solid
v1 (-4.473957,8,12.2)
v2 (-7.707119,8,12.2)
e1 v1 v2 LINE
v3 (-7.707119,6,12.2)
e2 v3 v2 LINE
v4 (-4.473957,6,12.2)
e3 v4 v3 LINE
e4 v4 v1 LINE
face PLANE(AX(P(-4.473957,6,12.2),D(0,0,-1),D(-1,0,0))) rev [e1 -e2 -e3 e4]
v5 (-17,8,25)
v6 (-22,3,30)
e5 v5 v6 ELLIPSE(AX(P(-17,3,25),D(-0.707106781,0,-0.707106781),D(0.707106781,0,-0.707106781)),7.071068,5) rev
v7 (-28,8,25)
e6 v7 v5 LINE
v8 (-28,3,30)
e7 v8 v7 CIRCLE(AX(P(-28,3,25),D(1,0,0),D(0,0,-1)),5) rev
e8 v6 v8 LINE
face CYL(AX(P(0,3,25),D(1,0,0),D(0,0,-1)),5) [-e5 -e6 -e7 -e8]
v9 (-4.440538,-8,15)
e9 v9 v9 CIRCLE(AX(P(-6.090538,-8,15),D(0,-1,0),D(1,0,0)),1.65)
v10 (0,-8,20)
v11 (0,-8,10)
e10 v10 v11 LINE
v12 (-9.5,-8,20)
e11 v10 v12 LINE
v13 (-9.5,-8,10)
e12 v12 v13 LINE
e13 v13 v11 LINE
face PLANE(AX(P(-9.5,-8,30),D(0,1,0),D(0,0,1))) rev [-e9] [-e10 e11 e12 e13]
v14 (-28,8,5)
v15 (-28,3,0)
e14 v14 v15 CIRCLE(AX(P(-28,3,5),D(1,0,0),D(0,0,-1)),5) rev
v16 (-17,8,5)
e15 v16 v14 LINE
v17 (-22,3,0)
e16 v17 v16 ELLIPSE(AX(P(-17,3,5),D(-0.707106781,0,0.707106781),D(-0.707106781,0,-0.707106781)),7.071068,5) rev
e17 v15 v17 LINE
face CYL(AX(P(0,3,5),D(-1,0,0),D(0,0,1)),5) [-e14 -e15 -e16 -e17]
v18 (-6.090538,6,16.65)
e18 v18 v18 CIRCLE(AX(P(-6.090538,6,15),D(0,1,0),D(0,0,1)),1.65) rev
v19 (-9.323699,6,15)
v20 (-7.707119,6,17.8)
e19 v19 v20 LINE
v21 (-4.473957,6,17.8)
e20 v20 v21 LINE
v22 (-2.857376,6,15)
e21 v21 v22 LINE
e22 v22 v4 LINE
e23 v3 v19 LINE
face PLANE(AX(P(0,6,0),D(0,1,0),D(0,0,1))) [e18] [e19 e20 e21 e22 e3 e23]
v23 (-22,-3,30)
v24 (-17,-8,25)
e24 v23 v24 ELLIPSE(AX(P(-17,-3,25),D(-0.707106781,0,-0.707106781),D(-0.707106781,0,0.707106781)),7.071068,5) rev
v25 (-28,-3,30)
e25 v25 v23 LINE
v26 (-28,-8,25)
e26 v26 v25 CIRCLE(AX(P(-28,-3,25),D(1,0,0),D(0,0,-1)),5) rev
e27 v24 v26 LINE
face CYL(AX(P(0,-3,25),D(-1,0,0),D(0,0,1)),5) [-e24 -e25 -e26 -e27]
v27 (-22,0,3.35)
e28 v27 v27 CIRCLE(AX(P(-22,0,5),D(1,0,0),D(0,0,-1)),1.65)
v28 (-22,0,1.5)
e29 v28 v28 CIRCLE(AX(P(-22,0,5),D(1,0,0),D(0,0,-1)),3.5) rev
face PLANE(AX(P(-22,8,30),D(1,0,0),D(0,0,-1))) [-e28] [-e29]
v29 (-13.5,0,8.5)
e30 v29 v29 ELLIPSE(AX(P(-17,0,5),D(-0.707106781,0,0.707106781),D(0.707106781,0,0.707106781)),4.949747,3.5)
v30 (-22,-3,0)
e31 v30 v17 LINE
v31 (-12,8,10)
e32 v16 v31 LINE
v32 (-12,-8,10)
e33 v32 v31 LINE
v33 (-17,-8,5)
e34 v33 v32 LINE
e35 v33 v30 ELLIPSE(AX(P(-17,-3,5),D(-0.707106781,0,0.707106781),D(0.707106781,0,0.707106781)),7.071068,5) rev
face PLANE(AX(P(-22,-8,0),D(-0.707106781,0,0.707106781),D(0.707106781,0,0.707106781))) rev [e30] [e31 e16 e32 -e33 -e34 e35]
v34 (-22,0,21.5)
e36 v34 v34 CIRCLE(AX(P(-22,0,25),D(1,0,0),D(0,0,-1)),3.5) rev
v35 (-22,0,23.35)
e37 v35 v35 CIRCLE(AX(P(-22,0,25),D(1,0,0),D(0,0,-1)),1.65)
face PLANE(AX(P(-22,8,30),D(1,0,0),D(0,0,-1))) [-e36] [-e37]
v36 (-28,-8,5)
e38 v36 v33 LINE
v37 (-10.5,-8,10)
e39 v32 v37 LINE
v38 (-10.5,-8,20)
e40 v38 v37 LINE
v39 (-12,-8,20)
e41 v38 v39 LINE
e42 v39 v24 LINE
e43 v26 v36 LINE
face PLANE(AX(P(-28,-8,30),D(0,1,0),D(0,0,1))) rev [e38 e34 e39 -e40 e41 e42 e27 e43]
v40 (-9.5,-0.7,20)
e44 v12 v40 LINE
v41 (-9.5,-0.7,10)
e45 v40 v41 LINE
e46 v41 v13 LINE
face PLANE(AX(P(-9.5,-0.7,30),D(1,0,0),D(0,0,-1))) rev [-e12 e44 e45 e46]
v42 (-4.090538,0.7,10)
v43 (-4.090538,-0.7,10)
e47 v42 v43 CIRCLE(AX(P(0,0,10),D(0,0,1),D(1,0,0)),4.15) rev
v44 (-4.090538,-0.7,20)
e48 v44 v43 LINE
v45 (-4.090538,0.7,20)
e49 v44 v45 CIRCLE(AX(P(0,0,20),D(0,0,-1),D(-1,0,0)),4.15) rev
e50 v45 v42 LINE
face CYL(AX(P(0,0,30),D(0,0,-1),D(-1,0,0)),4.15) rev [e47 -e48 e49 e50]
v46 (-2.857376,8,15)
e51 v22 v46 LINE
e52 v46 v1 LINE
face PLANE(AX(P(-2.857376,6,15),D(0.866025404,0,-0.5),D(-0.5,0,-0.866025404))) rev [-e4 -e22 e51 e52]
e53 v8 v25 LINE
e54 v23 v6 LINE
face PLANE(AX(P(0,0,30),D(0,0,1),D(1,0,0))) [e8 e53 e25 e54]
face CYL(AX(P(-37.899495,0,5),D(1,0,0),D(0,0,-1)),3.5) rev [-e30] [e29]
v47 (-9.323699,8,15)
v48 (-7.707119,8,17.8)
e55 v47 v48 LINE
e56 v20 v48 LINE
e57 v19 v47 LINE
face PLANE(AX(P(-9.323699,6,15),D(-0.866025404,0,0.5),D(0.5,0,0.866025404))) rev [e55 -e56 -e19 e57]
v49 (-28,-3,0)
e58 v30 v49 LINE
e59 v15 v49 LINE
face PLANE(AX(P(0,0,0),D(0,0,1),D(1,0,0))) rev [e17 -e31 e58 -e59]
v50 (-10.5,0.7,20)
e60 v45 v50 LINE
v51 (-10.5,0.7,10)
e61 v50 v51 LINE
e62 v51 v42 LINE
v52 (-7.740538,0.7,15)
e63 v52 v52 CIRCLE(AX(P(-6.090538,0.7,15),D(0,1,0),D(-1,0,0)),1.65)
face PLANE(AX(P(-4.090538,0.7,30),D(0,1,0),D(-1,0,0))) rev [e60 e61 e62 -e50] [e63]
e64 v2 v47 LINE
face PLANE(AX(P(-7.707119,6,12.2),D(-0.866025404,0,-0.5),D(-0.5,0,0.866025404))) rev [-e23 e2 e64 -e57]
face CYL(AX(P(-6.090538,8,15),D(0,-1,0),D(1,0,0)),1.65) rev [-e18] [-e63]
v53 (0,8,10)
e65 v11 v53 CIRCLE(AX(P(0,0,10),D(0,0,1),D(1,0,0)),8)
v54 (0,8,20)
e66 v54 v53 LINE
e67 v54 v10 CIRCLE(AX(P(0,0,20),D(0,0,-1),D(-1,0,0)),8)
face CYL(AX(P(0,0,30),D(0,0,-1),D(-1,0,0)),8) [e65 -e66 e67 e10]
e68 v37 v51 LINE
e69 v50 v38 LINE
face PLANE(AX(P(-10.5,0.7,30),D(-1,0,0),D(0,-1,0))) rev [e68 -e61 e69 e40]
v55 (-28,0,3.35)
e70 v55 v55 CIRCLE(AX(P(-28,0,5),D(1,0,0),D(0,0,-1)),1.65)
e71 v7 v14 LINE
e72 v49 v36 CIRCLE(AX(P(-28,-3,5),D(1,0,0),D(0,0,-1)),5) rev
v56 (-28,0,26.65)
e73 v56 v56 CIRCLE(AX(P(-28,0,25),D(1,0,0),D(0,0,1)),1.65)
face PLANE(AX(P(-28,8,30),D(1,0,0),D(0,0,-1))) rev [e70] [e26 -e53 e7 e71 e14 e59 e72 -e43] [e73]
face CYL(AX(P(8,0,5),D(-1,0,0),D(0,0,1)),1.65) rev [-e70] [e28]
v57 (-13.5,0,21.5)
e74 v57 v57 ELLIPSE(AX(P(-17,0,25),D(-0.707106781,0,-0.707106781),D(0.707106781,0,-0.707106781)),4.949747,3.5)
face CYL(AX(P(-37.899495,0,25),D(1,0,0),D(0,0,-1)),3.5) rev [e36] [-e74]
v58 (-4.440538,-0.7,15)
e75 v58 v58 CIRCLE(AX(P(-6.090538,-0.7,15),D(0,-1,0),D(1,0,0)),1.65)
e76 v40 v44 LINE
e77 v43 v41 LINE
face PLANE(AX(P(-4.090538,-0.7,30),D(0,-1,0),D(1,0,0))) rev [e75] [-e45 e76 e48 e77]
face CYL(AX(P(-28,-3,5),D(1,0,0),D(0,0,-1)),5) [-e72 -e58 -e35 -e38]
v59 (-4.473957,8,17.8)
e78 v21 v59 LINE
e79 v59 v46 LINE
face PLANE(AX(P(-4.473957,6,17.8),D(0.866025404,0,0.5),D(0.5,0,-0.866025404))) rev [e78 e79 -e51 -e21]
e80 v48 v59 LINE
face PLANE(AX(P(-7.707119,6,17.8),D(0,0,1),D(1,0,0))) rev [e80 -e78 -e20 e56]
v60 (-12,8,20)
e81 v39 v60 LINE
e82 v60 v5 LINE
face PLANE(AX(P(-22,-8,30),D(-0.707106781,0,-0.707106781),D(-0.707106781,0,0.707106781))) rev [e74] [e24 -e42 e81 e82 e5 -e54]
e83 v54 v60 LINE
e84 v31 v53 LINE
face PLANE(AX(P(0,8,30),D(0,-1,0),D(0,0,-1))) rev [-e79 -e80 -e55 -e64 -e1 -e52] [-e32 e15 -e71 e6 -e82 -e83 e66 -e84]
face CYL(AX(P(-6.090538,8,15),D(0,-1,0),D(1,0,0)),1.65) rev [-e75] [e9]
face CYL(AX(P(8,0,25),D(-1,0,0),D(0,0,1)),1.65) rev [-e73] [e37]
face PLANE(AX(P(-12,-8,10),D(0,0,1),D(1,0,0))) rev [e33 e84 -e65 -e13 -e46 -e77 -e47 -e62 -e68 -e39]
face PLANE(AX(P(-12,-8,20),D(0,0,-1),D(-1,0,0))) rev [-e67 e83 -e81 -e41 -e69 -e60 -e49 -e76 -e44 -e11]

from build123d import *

# Parameters (mm, degrees)
RESSALTO_EXTRUS_O1_DEPTH   = 30
CORTE_EXTRUS_O6_DEPTH      = 17
ESBO_O6_R                  = 1.65
CORTE_EXTRUS_O4_DEPTH      = 9.7
CORTE_EXTRUS_O4_DEPTH_BACK = 8.3
CORTE_EXTRUS_O5_DEPTH      = 2
ESBO_O9_R                  = 1.65
CORTE_EXTRUS_O7_DEPTH      = 37
FILETE1_R                  = 5
ESBO_O10_R                 = 3.5
CORTE_EXTRUS_O8_DEPTH      = 22


with BuildPart() as part:
    # Esboço2 → Ressalto-extrusão1 (new body)
    with BuildSketch(Plane.XY):
        with BuildLine():
            Line((0, 8), (-28, 8))
            Line((-28, 8), (-28, -8))
            Line((-28, -8), (-10.5, -8))
            Line((-10.5, -8), (-10.5, 0.7))
            Line((-10.5, 0.7), (-4.090537862, 0.7))
            ThreePointArc((-4.090537862, 0.7), (4.15, 0), (-4.090537862, -0.7))
            Line((-4.090537862, -0.7), (-9.5, -0.7))
            Line((-9.5, -0.7), (-9.5, -8))
            Line((-9.5, -8), (0, -8))
            ThreePointArc((0, -8), (8, 0), (0, 8))
        make_face()
    extrude(amount=RESSALTO_EXTRUS_O1_DEPTH)

    # Esboço8 → Corte-extrusão6 (cut, through all)
    with BuildSketch(Plane(origin=(0, 8, 0), x_dir=(1, 0, 0), z_dir=(0, 1, 0))):
        Polygon((-22, -30), (-12, -20), (8, -20), (8, -30), align=None)
        Polygon((8, 0), (-22, 0), (-12, -10), (8, -10), align=None)
    extrude(amount=-CORTE_EXTRUS_O6_DEPTH, mode=Mode.SUBTRACT)

    # Esboço6 → Corte-extrusão4 (cut, two sides)
    with BuildSketch(Plane.XZ.offset(-0.7)) as corte_extrus_o4_sk:
        with Locations((-6.090537862, 15)):
            Circle(ESBO_O6_R)
    extrude(amount=CORTE_EXTRUS_O4_DEPTH, mode=Mode.SUBTRACT)
    extrude(corte_extrus_o4_sk.sketch, amount=-CORTE_EXTRUS_O4_DEPTH_BACK, mode=Mode.SUBTRACT)

    # Esboço7 → Corte-extrusão5 (cut)
    with BuildSketch(Plane(origin=(0, 8, 0), x_dir=(1, 0, 0), z_dir=(0, 1, 0))):
        Polygon((-2.857376354, -15), (-4.473957108, -12.2), (-7.707118616, -12.2), (-9.323699369, -15), (-7.707118616, -17.8), (-4.473957108, -17.8), align=None)
    extrude(amount=-CORTE_EXTRUS_O5_DEPTH, mode=Mode.SUBTRACT)

    # Esboço9 → Corte-extrusão7 (cut, through all)
    with BuildSketch(Plane(origin=(-28, 0, 19.455844123), x_dir=(0, 0, -1), z_dir=(1, 0, 0))):
        with Locations((14.455844123, 0)):
            Circle(ESBO_O9_R)
        with Locations((-5.544155877, 0)):
            Circle(ESBO_O9_R)
    extrude(amount=CORTE_EXTRUS_O7_DEPTH, mode=Mode.SUBTRACT)

    # Filete1
    filete1_edges = [part.edges().sort_by_distance(p)[0] for p in [
        (-25, -8, 0),
        (-25, 8, 30),
        (-25, -8, 30),
        (-25, 8, 0),
    ]]
    fillet(filete1_edges, radius=FILETE1_R)

    # Esboço10 → Corte-extrusão8 (cut)
    with BuildSketch(Plane(origin=(0, 0, 0), x_dir=(0, 0, -1), z_dir=(1, 0, 0))):
        with Locations((-25, 0)):
            Circle(ESBO_O10_R)
        with Locations((-5, 0)):
            Circle(ESBO_O10_R)
    extrude(amount=-CORTE_EXTRUS_O8_DEPTH, mode=Mode.SUBTRACT)


solid = part.part
